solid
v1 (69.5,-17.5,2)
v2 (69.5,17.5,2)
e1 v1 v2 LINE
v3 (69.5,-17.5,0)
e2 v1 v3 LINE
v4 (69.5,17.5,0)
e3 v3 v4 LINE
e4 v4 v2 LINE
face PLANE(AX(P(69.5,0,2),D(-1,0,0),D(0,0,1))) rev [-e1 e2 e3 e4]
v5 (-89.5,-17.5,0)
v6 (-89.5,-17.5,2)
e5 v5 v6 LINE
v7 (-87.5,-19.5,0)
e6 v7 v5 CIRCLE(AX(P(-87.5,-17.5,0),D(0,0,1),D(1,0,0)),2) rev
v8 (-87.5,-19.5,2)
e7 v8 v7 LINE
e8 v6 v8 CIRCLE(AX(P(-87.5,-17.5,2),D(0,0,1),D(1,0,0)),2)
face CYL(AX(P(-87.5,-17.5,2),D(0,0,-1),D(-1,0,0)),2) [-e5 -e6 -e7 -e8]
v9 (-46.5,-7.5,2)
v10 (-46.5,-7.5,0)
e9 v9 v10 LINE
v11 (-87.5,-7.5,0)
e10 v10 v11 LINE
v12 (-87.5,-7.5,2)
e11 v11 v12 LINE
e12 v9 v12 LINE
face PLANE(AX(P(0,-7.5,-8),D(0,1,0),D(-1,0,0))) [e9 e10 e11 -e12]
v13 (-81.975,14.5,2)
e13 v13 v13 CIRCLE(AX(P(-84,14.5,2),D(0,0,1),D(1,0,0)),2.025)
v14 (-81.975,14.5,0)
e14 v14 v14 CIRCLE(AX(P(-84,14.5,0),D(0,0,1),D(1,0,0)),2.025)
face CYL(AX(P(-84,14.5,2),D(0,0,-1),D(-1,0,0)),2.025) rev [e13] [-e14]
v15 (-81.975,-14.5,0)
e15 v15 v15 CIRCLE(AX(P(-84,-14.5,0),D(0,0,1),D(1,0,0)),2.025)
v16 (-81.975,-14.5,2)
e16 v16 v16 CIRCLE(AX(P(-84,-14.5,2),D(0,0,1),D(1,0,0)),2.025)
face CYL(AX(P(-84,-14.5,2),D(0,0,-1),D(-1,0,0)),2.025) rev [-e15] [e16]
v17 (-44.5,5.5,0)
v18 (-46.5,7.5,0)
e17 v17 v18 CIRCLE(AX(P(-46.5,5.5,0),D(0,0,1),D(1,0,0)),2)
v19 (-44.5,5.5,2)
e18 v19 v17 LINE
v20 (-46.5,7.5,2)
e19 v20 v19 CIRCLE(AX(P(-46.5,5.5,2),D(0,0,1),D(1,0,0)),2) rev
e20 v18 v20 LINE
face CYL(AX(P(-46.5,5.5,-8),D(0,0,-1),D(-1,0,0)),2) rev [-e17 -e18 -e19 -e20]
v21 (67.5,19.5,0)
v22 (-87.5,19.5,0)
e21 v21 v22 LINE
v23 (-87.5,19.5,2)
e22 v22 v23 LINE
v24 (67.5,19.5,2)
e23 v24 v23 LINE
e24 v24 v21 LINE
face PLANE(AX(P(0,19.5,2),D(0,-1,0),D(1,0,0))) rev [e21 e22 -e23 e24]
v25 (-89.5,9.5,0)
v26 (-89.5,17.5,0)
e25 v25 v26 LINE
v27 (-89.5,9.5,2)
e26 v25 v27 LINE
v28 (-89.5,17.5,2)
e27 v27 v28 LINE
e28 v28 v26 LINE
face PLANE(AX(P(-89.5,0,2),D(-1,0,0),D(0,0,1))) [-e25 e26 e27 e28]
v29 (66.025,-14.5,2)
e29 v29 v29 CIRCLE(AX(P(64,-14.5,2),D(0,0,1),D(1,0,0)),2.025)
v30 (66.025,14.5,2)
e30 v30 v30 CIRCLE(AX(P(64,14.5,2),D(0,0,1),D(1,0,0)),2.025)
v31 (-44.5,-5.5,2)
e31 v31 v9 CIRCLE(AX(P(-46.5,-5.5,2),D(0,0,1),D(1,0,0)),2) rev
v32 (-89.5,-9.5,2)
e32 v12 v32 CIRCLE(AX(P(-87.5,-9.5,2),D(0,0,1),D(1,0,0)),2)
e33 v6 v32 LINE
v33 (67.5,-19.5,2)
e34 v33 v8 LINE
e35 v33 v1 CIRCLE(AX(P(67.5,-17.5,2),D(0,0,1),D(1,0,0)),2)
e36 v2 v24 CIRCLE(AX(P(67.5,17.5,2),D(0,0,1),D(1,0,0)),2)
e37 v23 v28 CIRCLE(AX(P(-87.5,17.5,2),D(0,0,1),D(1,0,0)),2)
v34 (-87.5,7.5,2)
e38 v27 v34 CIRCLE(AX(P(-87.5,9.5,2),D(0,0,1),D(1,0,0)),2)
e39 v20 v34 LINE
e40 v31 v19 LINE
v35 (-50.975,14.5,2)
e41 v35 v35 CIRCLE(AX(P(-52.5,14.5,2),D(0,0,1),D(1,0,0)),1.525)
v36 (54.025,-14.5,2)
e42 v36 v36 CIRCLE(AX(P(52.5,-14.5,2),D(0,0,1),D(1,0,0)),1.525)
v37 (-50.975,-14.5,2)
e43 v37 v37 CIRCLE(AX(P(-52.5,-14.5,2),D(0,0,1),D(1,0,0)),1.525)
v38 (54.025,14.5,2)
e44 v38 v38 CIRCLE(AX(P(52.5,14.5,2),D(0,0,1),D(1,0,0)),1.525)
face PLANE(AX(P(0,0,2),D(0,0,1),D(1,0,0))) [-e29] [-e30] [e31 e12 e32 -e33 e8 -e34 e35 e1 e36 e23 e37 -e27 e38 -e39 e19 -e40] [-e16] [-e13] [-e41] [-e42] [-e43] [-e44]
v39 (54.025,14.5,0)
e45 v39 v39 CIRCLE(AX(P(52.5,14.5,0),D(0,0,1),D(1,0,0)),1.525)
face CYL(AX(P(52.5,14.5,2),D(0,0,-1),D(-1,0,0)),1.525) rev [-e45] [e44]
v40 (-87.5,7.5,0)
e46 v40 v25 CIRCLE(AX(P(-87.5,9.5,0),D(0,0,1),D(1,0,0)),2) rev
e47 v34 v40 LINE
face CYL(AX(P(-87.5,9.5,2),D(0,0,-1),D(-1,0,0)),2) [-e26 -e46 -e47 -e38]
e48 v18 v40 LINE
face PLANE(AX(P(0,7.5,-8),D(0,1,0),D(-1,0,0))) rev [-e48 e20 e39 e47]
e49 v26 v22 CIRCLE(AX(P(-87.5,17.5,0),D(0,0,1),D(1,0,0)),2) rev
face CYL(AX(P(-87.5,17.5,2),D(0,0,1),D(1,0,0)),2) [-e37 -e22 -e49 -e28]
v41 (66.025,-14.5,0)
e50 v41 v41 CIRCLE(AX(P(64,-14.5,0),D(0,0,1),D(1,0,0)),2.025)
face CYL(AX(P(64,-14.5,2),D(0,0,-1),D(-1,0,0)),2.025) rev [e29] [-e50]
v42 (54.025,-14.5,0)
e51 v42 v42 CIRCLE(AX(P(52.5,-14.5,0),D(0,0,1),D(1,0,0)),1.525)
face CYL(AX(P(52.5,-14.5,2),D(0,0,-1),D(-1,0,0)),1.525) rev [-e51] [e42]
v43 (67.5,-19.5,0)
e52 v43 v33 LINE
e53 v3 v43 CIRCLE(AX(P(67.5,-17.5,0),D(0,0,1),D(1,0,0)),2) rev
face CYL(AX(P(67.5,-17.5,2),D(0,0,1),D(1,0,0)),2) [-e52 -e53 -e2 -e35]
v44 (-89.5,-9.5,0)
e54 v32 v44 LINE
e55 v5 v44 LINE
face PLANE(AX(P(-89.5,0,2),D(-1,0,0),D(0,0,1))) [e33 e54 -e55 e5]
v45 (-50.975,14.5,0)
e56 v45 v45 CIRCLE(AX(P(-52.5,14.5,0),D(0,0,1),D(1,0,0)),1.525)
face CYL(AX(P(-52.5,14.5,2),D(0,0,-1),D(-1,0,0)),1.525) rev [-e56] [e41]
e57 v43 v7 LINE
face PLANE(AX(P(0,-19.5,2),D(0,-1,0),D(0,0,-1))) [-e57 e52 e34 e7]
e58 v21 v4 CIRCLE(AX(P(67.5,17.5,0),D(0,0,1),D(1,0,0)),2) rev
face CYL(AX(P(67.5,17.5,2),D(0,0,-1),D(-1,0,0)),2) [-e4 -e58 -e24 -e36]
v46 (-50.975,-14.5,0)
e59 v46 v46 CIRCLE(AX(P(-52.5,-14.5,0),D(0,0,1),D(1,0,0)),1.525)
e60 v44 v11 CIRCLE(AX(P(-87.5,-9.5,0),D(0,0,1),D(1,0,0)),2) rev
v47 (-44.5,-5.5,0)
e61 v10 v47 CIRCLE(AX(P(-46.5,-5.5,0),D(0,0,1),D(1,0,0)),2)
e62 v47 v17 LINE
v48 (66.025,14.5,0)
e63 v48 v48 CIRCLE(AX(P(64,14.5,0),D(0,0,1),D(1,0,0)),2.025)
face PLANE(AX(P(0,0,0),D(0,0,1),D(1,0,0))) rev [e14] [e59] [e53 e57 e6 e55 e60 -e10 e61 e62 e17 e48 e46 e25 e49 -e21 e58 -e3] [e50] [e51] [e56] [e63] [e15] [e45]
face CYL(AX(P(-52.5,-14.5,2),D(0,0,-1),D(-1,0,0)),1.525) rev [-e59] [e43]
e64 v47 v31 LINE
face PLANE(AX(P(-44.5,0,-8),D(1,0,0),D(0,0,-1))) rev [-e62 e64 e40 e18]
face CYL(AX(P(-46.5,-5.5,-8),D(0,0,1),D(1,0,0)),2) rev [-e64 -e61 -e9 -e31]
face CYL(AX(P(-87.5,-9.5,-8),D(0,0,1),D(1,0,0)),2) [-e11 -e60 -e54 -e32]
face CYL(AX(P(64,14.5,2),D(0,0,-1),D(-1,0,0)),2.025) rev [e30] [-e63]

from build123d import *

# Parameters (mm, degrees)
SKETCH_1_W          = 32
SKETCH_1_H          = 39
SKETCH_1_R          = 2.025
SKETCH_1_W_2        = 115
SKETCH_1_R_2        = 1.525
SKETCH_1_W_3        = 12
EXTRUDE_1_DEPTH     = 2
SKETCH_2_W          = 19
SKETCH_2_H          = 15
SKETCH_2_W_2        = 26
CUT_EXTRUDE_1_DEPTH = 10
FILLET_1_R          = 2


with BuildPart() as part:
    # 草图1 → 凸台-拉伸1 (new body)
    with BuildSketch(Plane.XY):
        with Locations((-73.5, 0)):
            Rectangle(SKETCH_1_W, SKETCH_1_H)
        with Locations((-84, -14.5)):
            Circle(SKETCH_1_R, mode=Mode.SUBTRACT)
        with Locations((-84, 14.5)):
            Circle(SKETCH_1_R, mode=Mode.SUBTRACT)
        Rectangle(SKETCH_1_W_2, SKETCH_1_H)
        with Locations((52.5, 14.5)):
            Circle(SKETCH_1_R_2, mode=Mode.SUBTRACT)
        with Locations((52.5, -14.5)):
            Circle(SKETCH_1_R_2, mode=Mode.SUBTRACT)
        with Locations((-52.5, -14.5)):
            Circle(SKETCH_1_R_2, mode=Mode.SUBTRACT)
        with Locations((-52.5, 14.5)):
            Circle(SKETCH_1_R_2, mode=Mode.SUBTRACT)
        with Locations((63.5, 0)):
            Rectangle(SKETCH_1_W_3, SKETCH_1_H)
        with Locations((64, -14.5)):
            Circle(SKETCH_1_R, mode=Mode.SUBTRACT)
        with Locations((64, 14.5)):
            Circle(SKETCH_1_R, mode=Mode.SUBTRACT)
    extrude(amount=EXTRUDE_1_DEPTH)

    # 草图2 → 切除-拉伸1 (cut)
    with BuildSketch(Plane.XY.offset(2)):
        with Locations((-80, 0)):
            Rectangle(SKETCH_2_W, SKETCH_2_H)
        with Locations((-57.5, 0)):
            Rectangle(SKETCH_2_W_2, SKETCH_2_H)
    extrude(amount=-CUT_EXTRUDE_1_DEPTH, mode=Mode.SUBTRACT)

    # 圆角1
    fillet_1_edges = [part.edges().sort_by_distance(p)[0] for p in [
        (-89.5, 19.5, 1),
        (69.5, 19.5, 1),
        (69.5, -19.5, 1),
        (-89.5, -19.5, 1),
        (-44.5, -7.5, 1),
        (-89.5, -7.5, 1),
        (-89.5, 7.5, 1),
        (-44.5, 7.5, 1),
    ]]
    fillet(fillet_1_edges, radius=FILLET_1_R)


solid = part.part
